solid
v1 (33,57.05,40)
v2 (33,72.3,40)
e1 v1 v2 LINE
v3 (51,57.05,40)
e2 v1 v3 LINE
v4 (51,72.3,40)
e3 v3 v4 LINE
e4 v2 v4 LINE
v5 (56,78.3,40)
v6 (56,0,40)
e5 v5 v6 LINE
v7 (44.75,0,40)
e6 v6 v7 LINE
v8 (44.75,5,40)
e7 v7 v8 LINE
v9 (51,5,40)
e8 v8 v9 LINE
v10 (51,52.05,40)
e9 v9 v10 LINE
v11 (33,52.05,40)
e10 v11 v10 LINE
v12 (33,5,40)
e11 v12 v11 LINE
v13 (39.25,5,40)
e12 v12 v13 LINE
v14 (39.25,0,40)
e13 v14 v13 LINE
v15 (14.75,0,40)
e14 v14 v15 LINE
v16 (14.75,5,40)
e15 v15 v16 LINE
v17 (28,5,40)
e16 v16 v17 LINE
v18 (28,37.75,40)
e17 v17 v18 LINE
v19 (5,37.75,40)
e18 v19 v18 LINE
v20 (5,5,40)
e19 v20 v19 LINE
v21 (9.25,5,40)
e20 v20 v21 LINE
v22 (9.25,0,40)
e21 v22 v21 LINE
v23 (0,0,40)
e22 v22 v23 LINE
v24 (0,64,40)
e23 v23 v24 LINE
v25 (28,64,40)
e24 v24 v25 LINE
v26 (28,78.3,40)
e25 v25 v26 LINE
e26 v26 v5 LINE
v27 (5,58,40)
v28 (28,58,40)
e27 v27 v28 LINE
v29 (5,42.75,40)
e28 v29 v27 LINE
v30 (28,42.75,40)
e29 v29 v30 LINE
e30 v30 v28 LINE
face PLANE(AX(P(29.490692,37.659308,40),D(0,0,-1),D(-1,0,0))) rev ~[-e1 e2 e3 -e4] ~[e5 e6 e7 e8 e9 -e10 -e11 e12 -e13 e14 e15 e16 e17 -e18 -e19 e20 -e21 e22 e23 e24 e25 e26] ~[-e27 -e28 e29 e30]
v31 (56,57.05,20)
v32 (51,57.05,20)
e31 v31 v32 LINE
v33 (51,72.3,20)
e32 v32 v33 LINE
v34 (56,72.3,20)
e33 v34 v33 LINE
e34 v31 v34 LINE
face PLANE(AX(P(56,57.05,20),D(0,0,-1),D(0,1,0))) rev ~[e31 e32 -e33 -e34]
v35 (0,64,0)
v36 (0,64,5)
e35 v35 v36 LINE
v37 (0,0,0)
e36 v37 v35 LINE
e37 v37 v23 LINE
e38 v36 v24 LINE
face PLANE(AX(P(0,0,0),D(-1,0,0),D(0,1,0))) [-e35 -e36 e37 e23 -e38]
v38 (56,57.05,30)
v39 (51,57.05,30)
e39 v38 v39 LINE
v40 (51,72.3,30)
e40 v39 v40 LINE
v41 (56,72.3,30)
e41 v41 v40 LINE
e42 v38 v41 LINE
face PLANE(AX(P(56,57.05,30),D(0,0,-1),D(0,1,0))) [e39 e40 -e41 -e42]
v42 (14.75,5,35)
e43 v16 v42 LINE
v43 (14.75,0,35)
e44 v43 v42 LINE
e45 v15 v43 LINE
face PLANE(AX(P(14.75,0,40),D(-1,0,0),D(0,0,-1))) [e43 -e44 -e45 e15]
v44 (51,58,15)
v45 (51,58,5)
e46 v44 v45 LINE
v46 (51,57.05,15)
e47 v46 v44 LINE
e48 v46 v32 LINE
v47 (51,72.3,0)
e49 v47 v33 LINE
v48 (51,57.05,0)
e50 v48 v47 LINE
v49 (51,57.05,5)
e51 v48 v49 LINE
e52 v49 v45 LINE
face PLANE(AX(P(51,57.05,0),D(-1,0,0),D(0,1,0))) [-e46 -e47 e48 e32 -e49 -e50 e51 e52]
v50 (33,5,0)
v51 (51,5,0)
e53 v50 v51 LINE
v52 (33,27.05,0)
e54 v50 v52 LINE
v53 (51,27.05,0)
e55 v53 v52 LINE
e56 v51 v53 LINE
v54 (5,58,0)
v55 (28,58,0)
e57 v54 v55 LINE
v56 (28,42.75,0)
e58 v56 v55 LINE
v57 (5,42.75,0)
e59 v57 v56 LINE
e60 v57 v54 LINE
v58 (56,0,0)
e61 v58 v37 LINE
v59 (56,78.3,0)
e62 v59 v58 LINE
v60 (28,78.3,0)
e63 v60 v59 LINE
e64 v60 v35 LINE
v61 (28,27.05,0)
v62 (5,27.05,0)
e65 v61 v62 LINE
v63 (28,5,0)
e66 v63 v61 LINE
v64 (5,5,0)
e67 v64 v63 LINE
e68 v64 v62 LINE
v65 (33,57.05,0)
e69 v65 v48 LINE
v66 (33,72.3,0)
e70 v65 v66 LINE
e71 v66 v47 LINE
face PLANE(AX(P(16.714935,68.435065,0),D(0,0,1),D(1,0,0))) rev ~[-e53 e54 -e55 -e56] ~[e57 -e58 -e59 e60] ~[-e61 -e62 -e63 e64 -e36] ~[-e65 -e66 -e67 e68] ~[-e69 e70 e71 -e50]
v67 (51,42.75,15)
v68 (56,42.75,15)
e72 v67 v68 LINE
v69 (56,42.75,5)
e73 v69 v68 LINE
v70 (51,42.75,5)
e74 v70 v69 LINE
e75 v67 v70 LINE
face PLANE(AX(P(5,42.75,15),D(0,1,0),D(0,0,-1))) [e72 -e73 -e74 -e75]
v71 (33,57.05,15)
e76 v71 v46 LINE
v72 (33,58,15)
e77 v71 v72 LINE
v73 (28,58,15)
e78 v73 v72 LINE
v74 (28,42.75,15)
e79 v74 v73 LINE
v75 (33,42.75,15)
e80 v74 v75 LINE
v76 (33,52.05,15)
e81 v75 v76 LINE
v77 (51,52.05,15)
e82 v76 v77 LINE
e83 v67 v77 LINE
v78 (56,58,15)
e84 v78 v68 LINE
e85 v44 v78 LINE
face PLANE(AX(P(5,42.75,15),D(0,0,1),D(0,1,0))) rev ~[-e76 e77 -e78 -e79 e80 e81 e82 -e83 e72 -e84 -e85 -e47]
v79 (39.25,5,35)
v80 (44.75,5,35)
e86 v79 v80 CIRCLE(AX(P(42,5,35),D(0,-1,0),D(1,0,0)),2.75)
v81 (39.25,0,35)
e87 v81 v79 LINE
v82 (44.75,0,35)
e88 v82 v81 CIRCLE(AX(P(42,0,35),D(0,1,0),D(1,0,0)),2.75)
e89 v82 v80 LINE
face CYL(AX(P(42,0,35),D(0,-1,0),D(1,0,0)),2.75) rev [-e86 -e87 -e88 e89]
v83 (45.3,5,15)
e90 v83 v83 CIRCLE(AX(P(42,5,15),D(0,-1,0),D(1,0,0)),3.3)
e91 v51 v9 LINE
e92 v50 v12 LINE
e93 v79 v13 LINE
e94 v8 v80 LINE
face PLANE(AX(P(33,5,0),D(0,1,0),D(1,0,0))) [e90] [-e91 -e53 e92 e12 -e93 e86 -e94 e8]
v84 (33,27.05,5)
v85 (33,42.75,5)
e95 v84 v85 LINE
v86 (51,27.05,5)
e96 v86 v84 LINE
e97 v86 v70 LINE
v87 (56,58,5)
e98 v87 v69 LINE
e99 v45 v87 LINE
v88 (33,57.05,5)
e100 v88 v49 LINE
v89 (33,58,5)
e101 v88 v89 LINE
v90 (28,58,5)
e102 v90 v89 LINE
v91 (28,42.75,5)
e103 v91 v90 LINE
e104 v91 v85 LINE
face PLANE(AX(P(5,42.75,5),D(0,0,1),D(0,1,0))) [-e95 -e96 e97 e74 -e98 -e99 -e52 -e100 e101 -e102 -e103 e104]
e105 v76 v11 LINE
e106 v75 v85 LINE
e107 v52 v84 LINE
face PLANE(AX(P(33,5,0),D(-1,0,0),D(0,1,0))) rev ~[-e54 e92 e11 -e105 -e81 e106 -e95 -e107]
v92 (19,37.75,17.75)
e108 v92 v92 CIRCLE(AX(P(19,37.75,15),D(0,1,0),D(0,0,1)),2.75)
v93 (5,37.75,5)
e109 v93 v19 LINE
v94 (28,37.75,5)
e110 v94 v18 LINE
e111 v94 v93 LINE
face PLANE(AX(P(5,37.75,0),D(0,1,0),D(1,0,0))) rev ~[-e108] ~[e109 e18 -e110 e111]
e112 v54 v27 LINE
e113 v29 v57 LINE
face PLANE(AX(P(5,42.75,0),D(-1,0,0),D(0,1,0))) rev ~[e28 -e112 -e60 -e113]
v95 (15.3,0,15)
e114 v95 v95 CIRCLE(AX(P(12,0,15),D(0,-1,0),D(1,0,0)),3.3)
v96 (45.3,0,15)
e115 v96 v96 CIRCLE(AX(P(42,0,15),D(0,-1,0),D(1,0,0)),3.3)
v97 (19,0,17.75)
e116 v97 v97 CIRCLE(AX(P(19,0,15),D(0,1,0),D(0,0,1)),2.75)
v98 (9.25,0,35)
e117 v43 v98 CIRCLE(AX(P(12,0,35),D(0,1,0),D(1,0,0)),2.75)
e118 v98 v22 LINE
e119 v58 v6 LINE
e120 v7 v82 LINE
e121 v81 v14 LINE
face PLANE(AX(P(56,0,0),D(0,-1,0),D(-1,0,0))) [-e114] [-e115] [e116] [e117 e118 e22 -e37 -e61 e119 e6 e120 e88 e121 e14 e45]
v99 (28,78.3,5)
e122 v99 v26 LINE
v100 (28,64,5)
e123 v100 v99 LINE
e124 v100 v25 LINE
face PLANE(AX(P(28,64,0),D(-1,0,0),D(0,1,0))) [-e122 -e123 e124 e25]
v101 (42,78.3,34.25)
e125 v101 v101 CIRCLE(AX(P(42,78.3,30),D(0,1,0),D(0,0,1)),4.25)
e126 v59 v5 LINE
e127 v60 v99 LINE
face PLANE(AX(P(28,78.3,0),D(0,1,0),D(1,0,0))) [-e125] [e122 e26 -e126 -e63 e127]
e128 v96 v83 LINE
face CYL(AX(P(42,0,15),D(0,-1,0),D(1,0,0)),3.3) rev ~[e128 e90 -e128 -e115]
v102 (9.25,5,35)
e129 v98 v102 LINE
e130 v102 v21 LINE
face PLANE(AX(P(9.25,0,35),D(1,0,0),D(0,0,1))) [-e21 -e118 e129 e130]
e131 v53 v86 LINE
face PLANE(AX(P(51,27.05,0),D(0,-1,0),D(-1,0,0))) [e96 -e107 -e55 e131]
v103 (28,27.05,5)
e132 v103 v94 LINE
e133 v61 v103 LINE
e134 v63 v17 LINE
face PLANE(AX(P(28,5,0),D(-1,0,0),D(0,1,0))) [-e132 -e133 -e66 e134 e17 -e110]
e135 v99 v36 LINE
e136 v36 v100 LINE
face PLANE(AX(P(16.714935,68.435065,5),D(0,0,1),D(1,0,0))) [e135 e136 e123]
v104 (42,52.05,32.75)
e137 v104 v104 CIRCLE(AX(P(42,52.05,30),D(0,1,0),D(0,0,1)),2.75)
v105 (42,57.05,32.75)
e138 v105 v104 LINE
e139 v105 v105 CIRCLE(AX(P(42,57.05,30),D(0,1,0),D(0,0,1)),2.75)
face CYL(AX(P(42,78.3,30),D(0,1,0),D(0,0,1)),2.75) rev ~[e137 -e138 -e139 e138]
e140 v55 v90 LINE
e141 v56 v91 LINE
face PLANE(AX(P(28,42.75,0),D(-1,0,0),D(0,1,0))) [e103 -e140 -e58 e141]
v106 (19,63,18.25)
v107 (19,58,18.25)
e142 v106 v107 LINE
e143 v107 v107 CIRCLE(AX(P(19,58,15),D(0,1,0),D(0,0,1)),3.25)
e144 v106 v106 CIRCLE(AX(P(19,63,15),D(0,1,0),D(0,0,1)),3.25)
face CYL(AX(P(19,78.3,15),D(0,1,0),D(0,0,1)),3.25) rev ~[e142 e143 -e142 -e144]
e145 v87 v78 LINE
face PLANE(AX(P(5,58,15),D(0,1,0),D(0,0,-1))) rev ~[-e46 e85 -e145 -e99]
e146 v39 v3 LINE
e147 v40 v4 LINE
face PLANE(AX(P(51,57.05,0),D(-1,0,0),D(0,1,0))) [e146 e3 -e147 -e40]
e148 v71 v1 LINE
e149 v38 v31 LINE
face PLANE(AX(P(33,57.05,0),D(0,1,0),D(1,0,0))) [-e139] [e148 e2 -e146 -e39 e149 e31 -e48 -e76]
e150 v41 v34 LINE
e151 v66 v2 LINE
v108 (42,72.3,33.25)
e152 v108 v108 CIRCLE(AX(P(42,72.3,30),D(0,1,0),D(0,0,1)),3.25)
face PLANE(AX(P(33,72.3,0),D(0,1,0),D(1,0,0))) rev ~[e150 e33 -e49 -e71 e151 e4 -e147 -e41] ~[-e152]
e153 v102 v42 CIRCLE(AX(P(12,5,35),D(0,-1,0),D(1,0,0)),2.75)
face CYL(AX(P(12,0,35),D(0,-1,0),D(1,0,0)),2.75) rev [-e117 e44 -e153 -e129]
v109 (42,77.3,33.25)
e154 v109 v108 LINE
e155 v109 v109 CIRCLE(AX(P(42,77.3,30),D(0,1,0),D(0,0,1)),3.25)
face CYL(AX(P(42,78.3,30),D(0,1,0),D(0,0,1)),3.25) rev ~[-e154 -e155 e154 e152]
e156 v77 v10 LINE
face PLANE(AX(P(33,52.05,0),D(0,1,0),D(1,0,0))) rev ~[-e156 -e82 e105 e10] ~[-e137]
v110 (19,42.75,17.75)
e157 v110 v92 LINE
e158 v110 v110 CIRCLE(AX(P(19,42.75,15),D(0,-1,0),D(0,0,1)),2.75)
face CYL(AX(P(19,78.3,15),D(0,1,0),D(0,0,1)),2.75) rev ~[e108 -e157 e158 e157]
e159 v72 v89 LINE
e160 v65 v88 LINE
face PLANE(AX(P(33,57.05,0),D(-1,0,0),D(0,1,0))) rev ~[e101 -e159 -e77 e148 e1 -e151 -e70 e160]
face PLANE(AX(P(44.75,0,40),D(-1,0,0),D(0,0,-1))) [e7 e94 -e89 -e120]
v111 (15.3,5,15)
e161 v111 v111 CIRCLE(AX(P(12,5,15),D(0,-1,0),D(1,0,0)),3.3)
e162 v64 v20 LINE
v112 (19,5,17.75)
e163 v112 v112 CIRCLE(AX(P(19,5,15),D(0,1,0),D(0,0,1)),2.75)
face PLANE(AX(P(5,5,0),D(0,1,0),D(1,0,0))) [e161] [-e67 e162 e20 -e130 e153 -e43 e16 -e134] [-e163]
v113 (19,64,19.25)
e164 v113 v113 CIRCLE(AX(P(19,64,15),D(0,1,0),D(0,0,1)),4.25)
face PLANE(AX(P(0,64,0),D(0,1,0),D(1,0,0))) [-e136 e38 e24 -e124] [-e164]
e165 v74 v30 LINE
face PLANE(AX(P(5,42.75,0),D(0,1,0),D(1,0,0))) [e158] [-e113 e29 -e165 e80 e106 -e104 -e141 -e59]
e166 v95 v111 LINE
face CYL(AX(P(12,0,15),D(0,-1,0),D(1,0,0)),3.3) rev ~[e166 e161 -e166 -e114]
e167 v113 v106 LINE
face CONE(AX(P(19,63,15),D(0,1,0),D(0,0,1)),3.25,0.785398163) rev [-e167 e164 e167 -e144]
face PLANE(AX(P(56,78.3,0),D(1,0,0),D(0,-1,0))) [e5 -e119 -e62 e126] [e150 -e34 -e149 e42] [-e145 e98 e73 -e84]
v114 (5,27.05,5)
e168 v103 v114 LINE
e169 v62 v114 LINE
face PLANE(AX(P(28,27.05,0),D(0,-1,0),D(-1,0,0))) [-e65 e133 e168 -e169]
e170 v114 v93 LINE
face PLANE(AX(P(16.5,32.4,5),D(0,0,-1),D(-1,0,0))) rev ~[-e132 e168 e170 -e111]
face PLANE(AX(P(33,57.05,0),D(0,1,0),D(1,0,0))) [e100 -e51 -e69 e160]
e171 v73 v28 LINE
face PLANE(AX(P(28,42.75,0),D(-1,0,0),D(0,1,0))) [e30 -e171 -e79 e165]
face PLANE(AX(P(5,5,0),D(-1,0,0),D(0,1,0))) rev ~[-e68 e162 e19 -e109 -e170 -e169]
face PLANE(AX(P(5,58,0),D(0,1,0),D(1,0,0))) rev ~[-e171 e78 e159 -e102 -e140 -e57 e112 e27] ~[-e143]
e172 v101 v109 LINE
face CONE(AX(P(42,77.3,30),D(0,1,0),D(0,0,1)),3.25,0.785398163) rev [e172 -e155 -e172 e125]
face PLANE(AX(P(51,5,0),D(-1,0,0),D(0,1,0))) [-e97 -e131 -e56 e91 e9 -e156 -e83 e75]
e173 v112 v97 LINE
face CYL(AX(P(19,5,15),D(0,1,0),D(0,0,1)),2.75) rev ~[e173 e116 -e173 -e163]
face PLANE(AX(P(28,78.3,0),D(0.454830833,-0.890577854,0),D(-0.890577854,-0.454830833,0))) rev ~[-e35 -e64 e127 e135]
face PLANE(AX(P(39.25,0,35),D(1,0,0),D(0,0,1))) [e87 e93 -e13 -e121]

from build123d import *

# Parameters (mm, degrees)
SKETCH1_W           = 23
SKETCH1_H           = 32.75
SKETCH1_W_2         = 18
SKETCH1_H_2         = 15.25
SKETCH1_H_3         = 47.05
BOSS_EXTRUDE1_DEPTH = 40
CUT_EXTRUDE1_REACH  = 106.244
SKETCH2_R           = 2.75
CUT_EXTRUDE2_REACH  = 106.244
SKETCH3_W           = 10
SKETCH3_H           = 15.25
SKETCH4_W           = 10
SKETCH4_H           = 15.25
CUT_EXTRUDE3_DEPTH  = 102.645904984
CUT_EXTRUDE4_REACH  = 106.244
SKETCH6_R           = 3.25
CHAMFER1_SIZE       = 1
CUT_EXTRUDE5_REACH  = 106.244
SKETCH7_R           = 3.3
SKETCH9_R           = 2.75
CUT_EXTRUDE6_DEPTH  = 101.542975886
SKETCH10_W          = 18
SKETCH10_H          = 25
SKETCH10_W_2        = 23
SKETCH10_H_2        = 10.7
BOSS_EXTRUDE2_DEPTH = 5


with BuildPart() as part:
    # Sketch1 → Boss-Extrude1 (new body)
    with BuildSketch(Plane.XY):
        Polygon((0, 0), (0, 64), (28, 64), (28, 78.3), (56, 78.3), (56, 0), align=None)
        with Locations((16.5, 21.375)):
            Rectangle(SKETCH1_W, SKETCH1_H, mode=Mode.SUBTRACT)
        with Locations((42, 64.675)):
            Rectangle(SKETCH1_W_2, SKETCH1_H_2, mode=Mode.SUBTRACT)
        with Locations((16.5, 50.375)):
            Rectangle(SKETCH1_W, SKETCH1_H_2, mode=Mode.SUBTRACT)
        with Locations((42, 28.525)):
            Rectangle(SKETCH1_W_2, SKETCH1_H_3, mode=Mode.SUBTRACT)
    extrude(amount=BOSS_EXTRUDE1_DEPTH)

    # Cut-Extrude1: up to this face of the body (flat: up to its plane)
    cut_extrude1_end = Plane(part.part.faces().sort_by_distance((16.5, 37.75, 20))[0])
    # Sketch2 → Cut-Extrude1 (cut, up to the picked face)
    with BuildSketch(Plane(origin=(0, 78.3, 0), x_dir=(1, 0, 0), z_dir=(0, 1, 0)), mode=Mode.PRIVATE) as cut_extrude1_sk1:
        with Locations(Location((19, -15, 0), (0, 0, 270))):
            Circle(SKETCH2_R)
    cut_extrude1_tool1 = split(extrude(cut_extrude1_sk1.sketch, amount=-CUT_EXTRUDE1_REACH, mode=Mode.PRIVATE), bisect_by=cut_extrude1_end, keep=Keep.BOTH, mode=Mode.PRIVATE)
    # Sketch2 → Cut-Extrude1 (cut, up to the picked face)
    with BuildSketch(Plane(origin=(0, 78.3, 0), x_dir=(1, 0, 0), z_dir=(0, 1, 0)), mode=Mode.PRIVATE) as cut_extrude1_sk2:
        with Locations(Location((42, -30, 0), (0, 0, 270))):
            Circle(SKETCH2_R)
    cut_extrude1_tool2 = split(extrude(cut_extrude1_sk2.sketch, amount=-CUT_EXTRUDE1_REACH, mode=Mode.PRIVATE), bisect_by=cut_extrude1_end, keep=Keep.BOTH, mode=Mode.PRIVATE)
    add(cut_extrude1_tool1.solids().sort_by(Axis((19, 78.3, 15), (0, -1, 0)))[0], mode=Mode.SUBTRACT)
    add(cut_extrude1_tool2.solids().sort_by(Axis((42, 78.3, 30), (0, -1, 0)))[0], mode=Mode.SUBTRACT)

    # Sketch3 → Cut-Extrude2 (cut, up to next)
    with BuildSketch(Plane(origin=(56, 0, 0), x_dir=(0, 0, -1), z_dir=(1, 0, 0)), mode=Mode.PRIVATE) as cut_extrude2_sk1:
        with Locations((-25, 64.675)):
            Rectangle(SKETCH3_W, SKETCH3_H)
    cut_extrude2_tool1 = extrude(cut_extrude2_sk1.sketch, amount=-CUT_EXTRUDE2_REACH, mode=Mode.PRIVATE) & part.part
    add(cut_extrude2_tool1.solids().sort_by_distance((56, 64.675, 25))[0], mode=Mode.SUBTRACT)

    # Sketch4 → Cut-Extrude3 (cut, through all)
    with BuildSketch(Plane(origin=(5, 0, 0), x_dir=(0, 0, -1), z_dir=(1, 0, 0))):
        with Locations((-10, 50.375)):
            Rectangle(SKETCH4_W, SKETCH4_H)
    extrude(amount=CUT_EXTRUDE3_DEPTH, mode=Mode.SUBTRACT)

    # Sketch6 → Cut-Extrude4 (cut, up to next)
    with BuildSketch(Plane(origin=(0, 78.3, 0), x_dir=(1, 0, 0), z_dir=(0, 1, 0)), mode=Mode.PRIVATE) as cut_extrude4_sk1:
        with Locations(Location((19, -15, 0), (0, 0, 270))):
            Circle(SKETCH6_R)
    cut_extrude4_tool1 = extrude(cut_extrude4_sk1.sketch, amount=-CUT_EXTRUDE4_REACH, mode=Mode.PRIVATE) & part.part
    # Sketch6 → Cut-Extrude4 (cut, up to next)
    with BuildSketch(Plane(origin=(0, 78.3, 0), x_dir=(1, 0, 0), z_dir=(0, 1, 0)), mode=Mode.PRIVATE) as cut_extrude4_sk2:
        with Locations(Location((42, -30, 0), (0, 0, 270))):
            Circle(SKETCH6_R)
    cut_extrude4_tool2 = extrude(cut_extrude4_sk2.sketch, amount=-CUT_EXTRUDE4_REACH, mode=Mode.PRIVATE) & part.part
    add(cut_extrude4_tool1.solids().sort_by_distance((19, 78.3, 15))[0], mode=Mode.SUBTRACT)
    add(cut_extrude4_tool2.solids().sort_by_distance((42, 78.3, 30))[0], mode=Mode.SUBTRACT)

    # Chamfer1
    chamfer1_edges = [part.edges().sort_by_distance(p)[0] for p in [
        (19, 64, 11.75),
        (42, 78.3, 26.75),
    ]]
    chamfer(chamfer1_edges, length=CHAMFER1_SIZE)

    # Sketch7 → Cut-Extrude5 (cut, up to next)
    with BuildSketch(Plane.XZ, mode=Mode.PRIVATE) as cut_extrude5_sk1:
        with Locations((12, 15)):
            Circle(SKETCH7_R)
    cut_extrude5_tool1 = extrude(cut_extrude5_sk1.sketch, amount=-CUT_EXTRUDE5_REACH, mode=Mode.PRIVATE) & part.part
    # Sketch7 → Cut-Extrude5 (cut, up to next)
    with BuildSketch(Plane.XZ, mode=Mode.PRIVATE) as cut_extrude5_sk2:
        with Locations((42, 15)):
            Circle(SKETCH7_R)
    cut_extrude5_tool2 = extrude(cut_extrude5_sk2.sketch, amount=-CUT_EXTRUDE5_REACH, mode=Mode.PRIVATE) & part.part
    # Sketch7 → Cut-Extrude5 (cut, up to next)
    with BuildSketch(Plane.XZ, mode=Mode.PRIVATE) as cut_extrude5_sk3:
        with BuildLine():
            Line((9.25, 35), (9.25, 40))
            Line((9.25, 40), (14.75, 40))
            Line((14.75, 40), (14.75, 35))
            ThreePointArc((14.75, 35), (12, 32.25), (9.25, 35))
        make_face()
    cut_extrude5_tool3 = extrude(cut_extrude5_sk3.sketch, amount=-CUT_EXTRUDE5_REACH, mode=Mode.PRIVATE) & part.part
    # Sketch7 → Cut-Extrude5 (cut, up to next)
    with BuildSketch(Plane.XZ, mode=Mode.PRIVATE) as cut_extrude5_sk4:
        with BuildLine():
            Line((39.25, 35), (39.25, 40))
            Line((39.25, 40), (44.75, 40))
            Line((44.75, 40), (44.75, 35))
            ThreePointArc((44.75, 35), (42, 32.25), (39.25, 35))
        make_face()
    cut_extrude5_tool4 = extrude(cut_extrude5_sk4.sketch, amount=-CUT_EXTRUDE5_REACH, mode=Mode.PRIVATE) & part.part
    add(cut_extrude5_tool1.solids().sort_by_distance((12, 0, 15))[0], mode=Mode.SUBTRACT)
    add(cut_extrude5_tool2.solids().sort_by_distance((42, 0, 15))[0], mode=Mode.SUBTRACT)
    add(cut_extrude5_tool3.solids().sort_by_distance((12, 0, 36.393769))[0], mode=Mode.SUBTRACT)
    add(cut_extrude5_tool4.solids().sort_by_distance((42, 0, 36.393769))[0], mode=Mode.SUBTRACT)

    # Sketch9 → Cut-Extrude6 (cut, through all)
    with BuildSketch(Plane(origin=(0, 5, 0), x_dir=(1, 0, 0), z_dir=(0, 1, 0))):
        with Locations(Location((19, -15, 0), (0, 0, 270))):
            Circle(SKETCH9_R)
    extrude(amount=-CUT_EXTRUDE6_DEPTH, mode=Mode.SUBTRACT)

    # Sketch10 → Boss-Extrude2 (add)
    with BuildSketch(Plane(origin=(0, 0, 0), x_dir=(-1, 0, 0), z_dir=(0, 0, -1))):
        Polygon((-28, 78.3), (0, 64), (-28, 64), align=None)
        with Locations((-42, 39.55)):
            Rectangle(SKETCH10_W, SKETCH10_H)
        with Locations((-16.5, 32.4)):
            Rectangle(SKETCH10_W_2, SKETCH10_H_2)
    extrude(amount=-BOSS_EXTRUDE2_DEPTH)


solid = part.part
